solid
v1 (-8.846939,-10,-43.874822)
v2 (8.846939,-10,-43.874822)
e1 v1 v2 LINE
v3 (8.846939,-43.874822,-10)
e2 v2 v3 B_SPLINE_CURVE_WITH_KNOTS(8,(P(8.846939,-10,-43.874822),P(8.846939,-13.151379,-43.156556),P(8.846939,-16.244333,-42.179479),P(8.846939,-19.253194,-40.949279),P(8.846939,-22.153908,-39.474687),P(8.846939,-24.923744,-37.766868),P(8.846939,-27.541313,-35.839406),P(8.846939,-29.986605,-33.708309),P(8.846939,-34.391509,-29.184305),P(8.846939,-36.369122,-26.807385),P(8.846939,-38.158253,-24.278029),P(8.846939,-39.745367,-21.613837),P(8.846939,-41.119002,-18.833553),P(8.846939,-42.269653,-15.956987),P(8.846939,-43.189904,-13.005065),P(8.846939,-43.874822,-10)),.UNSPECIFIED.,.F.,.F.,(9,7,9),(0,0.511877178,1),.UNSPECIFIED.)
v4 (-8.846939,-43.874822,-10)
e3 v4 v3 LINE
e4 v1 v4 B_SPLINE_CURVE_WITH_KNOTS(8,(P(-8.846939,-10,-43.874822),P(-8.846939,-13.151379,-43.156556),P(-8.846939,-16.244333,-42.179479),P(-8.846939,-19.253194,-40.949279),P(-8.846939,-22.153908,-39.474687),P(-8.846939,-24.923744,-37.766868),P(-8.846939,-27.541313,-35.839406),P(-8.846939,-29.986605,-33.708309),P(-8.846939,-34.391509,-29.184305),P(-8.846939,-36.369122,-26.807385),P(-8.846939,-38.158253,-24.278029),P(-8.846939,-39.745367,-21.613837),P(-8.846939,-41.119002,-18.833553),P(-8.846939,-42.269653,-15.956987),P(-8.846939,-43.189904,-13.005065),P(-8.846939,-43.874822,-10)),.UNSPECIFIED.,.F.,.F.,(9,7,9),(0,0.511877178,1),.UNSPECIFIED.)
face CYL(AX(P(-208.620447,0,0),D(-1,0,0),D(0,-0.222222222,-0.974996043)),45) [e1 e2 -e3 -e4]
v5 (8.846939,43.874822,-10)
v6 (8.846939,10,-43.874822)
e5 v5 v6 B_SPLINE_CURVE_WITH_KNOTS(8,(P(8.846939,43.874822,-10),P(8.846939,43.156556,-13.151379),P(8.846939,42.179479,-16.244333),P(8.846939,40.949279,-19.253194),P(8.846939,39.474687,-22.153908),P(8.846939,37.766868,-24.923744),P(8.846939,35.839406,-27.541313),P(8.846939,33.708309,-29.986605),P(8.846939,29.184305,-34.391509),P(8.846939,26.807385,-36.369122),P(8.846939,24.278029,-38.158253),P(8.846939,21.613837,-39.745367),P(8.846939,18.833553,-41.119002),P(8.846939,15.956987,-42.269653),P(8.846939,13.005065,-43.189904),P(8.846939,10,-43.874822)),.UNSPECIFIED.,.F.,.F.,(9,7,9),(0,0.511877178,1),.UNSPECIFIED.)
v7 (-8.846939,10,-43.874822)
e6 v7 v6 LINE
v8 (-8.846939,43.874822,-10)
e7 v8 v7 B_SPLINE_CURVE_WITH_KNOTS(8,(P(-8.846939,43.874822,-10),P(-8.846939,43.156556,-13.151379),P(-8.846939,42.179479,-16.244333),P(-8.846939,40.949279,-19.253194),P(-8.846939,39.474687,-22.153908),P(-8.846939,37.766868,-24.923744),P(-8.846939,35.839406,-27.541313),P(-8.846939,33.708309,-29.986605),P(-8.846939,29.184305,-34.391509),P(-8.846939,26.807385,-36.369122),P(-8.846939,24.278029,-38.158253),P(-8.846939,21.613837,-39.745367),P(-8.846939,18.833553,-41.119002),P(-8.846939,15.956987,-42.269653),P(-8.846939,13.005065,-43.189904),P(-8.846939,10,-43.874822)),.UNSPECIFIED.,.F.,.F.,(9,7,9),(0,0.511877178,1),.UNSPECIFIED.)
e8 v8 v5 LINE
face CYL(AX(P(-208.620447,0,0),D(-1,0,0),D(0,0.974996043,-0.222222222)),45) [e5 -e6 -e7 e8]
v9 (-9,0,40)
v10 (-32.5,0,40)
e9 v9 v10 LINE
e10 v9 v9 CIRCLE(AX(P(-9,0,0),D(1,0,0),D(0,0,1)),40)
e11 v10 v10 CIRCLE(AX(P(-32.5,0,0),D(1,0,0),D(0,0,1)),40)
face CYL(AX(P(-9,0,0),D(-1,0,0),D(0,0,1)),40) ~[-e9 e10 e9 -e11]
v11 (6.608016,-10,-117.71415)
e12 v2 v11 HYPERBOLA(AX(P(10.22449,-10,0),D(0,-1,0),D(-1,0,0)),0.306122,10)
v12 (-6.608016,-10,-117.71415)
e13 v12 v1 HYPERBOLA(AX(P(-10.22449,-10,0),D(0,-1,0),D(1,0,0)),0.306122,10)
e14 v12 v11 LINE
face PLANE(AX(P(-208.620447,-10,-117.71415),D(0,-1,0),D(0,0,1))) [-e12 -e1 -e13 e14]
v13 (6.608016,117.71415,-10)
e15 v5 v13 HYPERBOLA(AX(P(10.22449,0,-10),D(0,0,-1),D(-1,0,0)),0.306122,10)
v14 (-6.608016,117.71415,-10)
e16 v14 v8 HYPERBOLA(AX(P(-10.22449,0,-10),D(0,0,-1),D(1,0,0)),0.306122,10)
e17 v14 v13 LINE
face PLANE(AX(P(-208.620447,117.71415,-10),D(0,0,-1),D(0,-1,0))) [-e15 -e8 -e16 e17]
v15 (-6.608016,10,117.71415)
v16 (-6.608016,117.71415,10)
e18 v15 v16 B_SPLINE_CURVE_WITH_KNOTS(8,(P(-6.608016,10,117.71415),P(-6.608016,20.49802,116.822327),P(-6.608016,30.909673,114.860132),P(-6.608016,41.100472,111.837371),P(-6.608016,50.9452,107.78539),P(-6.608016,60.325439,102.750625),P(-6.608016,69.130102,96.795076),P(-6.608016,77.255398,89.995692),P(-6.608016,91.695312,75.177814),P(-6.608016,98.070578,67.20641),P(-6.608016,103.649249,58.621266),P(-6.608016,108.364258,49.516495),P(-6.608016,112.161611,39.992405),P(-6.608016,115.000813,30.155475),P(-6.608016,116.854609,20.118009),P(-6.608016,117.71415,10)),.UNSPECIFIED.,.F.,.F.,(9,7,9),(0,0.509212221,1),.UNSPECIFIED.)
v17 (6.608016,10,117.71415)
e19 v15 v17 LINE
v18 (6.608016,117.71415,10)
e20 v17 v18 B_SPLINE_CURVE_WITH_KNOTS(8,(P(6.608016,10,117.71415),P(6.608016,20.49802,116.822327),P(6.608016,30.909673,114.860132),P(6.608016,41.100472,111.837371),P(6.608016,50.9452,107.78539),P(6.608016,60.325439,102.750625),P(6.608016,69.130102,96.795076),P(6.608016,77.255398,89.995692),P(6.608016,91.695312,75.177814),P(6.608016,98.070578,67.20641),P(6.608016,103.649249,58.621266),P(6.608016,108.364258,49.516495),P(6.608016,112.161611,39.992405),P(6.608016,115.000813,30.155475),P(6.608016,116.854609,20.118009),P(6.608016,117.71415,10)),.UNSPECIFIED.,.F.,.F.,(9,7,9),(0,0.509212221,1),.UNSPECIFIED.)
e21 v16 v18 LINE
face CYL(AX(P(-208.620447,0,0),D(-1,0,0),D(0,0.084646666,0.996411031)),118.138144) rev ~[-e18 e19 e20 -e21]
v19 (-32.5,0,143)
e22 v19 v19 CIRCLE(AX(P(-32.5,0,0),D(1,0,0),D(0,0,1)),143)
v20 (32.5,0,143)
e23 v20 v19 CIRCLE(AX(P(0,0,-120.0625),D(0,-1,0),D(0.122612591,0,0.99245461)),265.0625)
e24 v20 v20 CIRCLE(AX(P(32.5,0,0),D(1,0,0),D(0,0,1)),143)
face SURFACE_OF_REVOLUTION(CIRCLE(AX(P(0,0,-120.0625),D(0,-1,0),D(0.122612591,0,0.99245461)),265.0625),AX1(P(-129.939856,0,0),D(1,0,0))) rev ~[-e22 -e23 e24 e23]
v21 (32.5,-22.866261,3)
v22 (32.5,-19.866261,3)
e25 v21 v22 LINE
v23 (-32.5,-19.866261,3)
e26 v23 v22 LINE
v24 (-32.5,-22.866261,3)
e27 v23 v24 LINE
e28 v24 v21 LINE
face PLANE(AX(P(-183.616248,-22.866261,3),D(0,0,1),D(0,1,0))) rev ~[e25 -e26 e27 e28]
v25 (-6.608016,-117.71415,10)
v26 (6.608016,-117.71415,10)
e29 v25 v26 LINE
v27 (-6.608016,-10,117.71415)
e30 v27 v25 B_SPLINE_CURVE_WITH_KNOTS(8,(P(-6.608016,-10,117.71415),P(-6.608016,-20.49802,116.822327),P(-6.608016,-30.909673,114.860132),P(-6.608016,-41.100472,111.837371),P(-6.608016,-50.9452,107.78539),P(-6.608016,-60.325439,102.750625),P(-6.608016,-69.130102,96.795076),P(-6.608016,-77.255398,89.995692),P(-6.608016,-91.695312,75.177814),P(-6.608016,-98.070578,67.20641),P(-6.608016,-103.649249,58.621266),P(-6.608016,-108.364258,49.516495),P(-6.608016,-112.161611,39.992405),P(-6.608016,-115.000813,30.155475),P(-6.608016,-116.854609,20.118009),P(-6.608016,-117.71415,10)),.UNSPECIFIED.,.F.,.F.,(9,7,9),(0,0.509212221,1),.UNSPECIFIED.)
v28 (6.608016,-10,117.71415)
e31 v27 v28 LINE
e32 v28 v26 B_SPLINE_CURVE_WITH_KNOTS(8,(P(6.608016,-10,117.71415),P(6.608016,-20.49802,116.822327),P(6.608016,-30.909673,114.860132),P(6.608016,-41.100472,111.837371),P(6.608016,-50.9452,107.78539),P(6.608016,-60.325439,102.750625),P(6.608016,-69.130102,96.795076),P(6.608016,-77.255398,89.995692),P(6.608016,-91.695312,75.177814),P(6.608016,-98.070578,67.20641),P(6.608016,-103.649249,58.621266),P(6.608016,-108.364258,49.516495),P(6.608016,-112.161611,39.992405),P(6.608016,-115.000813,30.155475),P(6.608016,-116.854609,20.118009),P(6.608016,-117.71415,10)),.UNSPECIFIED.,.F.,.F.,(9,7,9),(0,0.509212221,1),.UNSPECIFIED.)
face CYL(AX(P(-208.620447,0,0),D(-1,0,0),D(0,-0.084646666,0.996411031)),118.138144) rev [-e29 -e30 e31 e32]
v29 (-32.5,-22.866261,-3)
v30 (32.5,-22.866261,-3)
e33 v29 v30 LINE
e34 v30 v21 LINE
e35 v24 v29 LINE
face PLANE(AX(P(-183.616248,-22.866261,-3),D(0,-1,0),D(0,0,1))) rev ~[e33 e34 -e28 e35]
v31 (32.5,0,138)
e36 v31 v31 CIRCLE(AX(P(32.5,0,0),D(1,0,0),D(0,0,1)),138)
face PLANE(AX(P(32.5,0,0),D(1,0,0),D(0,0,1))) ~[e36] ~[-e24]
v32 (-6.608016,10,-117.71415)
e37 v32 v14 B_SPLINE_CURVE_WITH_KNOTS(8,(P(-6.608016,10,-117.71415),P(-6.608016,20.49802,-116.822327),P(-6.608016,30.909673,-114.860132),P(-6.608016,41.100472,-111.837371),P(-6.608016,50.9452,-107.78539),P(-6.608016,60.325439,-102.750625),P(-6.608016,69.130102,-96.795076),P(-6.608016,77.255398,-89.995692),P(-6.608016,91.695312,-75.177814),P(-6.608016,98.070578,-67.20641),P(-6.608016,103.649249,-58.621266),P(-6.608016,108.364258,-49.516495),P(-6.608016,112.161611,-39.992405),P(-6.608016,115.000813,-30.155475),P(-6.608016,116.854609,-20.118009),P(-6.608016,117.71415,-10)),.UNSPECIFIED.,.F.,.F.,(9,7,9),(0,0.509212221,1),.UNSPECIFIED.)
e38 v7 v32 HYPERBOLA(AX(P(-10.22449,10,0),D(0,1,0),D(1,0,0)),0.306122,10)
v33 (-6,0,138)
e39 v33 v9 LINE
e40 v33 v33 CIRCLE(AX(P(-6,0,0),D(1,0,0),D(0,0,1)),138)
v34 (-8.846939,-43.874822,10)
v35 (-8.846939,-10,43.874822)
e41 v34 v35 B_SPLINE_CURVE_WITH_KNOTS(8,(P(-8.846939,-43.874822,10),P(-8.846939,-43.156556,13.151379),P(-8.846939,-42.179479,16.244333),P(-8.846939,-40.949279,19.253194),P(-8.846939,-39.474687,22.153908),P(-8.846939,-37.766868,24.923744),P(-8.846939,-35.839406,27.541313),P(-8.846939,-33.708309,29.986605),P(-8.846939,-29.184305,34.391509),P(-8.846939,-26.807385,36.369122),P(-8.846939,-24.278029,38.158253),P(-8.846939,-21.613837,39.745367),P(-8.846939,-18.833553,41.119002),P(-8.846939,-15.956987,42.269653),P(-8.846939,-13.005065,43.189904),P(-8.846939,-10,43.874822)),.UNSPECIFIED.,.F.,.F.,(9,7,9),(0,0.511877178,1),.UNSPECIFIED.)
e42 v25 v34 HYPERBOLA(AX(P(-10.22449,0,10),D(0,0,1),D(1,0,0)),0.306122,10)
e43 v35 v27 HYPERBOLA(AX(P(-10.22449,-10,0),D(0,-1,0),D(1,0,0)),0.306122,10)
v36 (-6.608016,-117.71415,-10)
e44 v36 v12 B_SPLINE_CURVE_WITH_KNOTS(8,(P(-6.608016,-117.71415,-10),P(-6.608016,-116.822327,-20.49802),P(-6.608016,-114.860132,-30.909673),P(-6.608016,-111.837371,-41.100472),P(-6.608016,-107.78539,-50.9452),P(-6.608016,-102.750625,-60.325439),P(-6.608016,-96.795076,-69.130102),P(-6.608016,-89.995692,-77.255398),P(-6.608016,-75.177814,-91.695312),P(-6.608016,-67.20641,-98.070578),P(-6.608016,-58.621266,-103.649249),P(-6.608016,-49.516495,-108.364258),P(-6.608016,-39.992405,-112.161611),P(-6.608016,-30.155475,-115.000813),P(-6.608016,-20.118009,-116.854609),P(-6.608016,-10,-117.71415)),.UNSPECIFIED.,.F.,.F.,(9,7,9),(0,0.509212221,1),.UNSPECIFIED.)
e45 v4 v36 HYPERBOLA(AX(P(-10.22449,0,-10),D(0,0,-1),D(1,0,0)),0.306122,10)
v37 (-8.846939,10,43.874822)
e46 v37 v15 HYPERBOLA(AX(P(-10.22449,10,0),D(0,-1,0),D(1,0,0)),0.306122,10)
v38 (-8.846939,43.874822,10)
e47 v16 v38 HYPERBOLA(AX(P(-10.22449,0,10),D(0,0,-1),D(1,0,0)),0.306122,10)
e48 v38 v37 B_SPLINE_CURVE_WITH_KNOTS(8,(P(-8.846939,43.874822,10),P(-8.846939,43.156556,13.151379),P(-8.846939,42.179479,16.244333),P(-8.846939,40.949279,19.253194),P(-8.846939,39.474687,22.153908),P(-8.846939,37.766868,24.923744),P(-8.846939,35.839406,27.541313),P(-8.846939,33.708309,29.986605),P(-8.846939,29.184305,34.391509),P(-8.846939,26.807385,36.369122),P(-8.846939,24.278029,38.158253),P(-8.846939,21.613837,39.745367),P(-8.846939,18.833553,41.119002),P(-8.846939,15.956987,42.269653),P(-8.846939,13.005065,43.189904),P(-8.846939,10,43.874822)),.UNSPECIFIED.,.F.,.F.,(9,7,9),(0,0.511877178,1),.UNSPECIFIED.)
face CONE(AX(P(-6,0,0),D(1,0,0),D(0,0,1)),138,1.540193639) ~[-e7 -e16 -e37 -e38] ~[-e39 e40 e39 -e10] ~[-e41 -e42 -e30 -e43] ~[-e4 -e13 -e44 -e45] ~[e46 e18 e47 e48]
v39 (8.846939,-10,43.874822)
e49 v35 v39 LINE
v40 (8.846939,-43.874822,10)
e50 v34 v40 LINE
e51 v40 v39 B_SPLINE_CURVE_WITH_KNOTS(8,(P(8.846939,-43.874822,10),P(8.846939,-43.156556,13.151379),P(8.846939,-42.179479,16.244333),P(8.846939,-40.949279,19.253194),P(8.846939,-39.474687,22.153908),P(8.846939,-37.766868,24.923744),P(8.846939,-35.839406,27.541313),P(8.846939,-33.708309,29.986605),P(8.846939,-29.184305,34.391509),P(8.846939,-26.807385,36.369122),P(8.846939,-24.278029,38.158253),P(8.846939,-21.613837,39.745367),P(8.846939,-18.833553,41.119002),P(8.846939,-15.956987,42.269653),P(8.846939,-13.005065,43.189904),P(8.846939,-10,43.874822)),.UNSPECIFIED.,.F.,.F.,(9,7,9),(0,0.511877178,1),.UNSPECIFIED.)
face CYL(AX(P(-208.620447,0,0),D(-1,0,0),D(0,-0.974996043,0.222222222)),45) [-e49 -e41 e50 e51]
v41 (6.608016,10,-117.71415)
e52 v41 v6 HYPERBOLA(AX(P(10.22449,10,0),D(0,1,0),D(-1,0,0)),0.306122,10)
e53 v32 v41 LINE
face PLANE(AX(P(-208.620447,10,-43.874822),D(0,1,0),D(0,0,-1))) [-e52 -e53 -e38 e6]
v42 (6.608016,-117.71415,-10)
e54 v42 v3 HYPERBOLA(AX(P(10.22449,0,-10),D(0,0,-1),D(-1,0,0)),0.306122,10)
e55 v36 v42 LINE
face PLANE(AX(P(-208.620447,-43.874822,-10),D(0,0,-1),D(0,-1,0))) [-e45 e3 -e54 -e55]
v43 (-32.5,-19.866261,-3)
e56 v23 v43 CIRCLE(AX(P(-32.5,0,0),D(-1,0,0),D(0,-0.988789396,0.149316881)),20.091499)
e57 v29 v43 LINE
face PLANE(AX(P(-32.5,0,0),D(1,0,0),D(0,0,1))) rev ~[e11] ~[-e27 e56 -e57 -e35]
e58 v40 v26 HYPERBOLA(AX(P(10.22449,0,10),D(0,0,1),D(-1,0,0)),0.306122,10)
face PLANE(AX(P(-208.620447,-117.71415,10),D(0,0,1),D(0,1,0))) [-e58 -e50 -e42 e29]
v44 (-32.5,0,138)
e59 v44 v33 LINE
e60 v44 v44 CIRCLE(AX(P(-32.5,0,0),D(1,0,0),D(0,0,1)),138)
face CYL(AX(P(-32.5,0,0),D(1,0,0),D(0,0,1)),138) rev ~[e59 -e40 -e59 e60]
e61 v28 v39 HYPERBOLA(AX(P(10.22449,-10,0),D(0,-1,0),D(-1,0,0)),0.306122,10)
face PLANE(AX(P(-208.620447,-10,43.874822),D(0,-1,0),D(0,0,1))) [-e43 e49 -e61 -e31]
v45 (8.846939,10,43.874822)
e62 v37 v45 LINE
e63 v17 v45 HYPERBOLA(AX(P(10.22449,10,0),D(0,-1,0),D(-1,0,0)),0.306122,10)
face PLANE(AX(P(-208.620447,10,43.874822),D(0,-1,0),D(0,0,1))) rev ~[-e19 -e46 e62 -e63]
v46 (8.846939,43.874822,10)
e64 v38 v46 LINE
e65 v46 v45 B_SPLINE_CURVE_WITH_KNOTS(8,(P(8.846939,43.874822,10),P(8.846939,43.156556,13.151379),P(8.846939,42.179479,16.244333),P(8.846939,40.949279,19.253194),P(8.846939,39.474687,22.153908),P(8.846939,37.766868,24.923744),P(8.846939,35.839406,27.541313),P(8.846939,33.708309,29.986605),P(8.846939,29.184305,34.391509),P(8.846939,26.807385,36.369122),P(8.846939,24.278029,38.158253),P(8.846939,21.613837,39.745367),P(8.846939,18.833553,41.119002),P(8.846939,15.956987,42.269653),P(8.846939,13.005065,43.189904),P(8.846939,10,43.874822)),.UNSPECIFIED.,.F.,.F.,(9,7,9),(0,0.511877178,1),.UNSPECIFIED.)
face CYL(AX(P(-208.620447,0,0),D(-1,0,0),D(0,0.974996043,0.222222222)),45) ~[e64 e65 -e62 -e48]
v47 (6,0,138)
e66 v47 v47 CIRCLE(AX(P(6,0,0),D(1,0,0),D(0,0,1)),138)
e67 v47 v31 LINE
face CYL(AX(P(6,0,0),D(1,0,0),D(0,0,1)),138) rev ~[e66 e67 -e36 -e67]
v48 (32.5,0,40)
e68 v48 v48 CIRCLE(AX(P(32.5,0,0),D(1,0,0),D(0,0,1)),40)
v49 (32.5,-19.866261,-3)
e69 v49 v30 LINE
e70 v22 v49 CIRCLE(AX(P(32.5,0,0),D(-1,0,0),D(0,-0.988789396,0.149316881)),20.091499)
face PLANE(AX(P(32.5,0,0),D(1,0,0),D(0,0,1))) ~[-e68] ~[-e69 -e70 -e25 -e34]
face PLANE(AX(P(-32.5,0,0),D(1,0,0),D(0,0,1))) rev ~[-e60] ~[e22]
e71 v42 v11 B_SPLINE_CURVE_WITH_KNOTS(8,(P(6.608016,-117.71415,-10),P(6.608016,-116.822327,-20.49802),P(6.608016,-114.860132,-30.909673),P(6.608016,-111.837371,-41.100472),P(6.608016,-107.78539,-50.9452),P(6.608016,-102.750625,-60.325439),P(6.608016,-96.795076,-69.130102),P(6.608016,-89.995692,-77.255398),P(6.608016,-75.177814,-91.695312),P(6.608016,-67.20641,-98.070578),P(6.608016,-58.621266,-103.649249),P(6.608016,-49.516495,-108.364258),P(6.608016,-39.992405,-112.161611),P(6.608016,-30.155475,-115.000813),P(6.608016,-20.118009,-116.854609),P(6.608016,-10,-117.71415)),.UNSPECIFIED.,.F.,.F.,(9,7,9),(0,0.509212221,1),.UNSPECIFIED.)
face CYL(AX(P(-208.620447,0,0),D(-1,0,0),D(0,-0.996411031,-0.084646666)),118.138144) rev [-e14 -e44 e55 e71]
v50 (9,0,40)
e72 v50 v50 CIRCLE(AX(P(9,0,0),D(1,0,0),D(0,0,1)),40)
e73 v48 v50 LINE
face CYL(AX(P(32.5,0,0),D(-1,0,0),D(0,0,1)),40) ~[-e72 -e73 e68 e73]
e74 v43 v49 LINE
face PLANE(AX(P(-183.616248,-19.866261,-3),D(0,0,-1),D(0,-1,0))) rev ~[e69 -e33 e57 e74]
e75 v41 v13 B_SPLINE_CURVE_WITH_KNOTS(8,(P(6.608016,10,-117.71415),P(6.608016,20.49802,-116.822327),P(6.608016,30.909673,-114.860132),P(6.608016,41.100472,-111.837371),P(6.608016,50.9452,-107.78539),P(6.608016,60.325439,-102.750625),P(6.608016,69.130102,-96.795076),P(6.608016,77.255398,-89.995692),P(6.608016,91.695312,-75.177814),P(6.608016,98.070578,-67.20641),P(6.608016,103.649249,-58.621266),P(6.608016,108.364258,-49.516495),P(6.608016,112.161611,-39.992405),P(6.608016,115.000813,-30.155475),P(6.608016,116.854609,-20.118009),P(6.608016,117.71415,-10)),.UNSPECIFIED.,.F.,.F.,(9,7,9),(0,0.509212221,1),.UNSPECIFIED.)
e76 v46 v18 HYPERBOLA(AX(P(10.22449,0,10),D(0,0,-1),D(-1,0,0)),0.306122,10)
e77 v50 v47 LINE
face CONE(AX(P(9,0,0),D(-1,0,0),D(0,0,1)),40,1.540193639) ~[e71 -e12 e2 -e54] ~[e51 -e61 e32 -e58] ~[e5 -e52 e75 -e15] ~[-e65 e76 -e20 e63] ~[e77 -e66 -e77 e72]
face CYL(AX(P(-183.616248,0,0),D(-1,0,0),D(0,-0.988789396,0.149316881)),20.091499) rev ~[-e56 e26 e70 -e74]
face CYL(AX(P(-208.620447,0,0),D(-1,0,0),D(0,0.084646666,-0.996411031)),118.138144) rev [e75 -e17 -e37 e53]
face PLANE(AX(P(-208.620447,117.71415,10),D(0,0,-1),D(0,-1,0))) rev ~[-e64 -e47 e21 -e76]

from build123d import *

# Parameters (mm, degrees)
CUT_EXTRUDE4_DEPTH      = 208.620447125
CUT_EXTRUDE4_DEPTH_BACK = 208.620447125
CUT_EXTRUDE5_DEPTH      = 216.116247808
CUT_EXTRUDE5_DEPTH_BACK = 216.116247808


with BuildPart() as part:
    # Sketch2 → Revolve2 (revolve)
    with BuildSketch(Plane.XY, mode=Mode.PRIVATE) as revolve2_sk:
        with BuildLine():
            Line((32.5, 20), (32.5, 40))
            Line((32.5, 40), (9, 40))
            Line((9, 40), (6, 138))
            Line((6, 138), (32.5, 138))
            Line((32.5, 138), (32.5, 143))
            ThreePointArc((32.5, 143), (0, 145), (-32.5, 143))
            Line((-32.5, 143), (-32.5, 138))
            Line((-32.5, 138), (-6, 138))
            Line((-6, 138), (-9, 40))
            Line((-9, 40), (-32.5, 40))
            Line((-32.5, 40), (-32.5, 20))
            Line((-32.5, 20), (32.5, 20))
        make_face()
    revolve(revolve2_sk.sketch.rotate(Axis((-129.939855751, 0, 0), (1, 0, 0)), 90), axis=Axis((-129.939855751, 0, 0), (1, 0, 0)))

    # Sketch3 → Cut-Extrude4 (cut, two sides: drawn at the far end of the back side and taken through both)
    with BuildSketch(Plane(origin=(0, 0, 0), x_dir=(0, 0, -1), z_dir=(1, 0, 0)).offset(-CUT_EXTRUDE4_DEPTH_BACK)):
        with BuildLine():
            Line((10, 117.714149843), (10, 43.874821937))
            ThreePointArc((10, 43.874821937), (31.819805153, 31.819805153), (43.874821937, 10))
            Line((43.874821937, 10), (117.714149843, 10))
            ThreePointArc((117.714149843, 10), (83.536282755, 83.536282755), (10, 117.714149843))
        make_face()
        with BuildLine():
            Line((-10, 117.714149843), (-10, 43.874821937))
            ThreePointArc((-10, 43.874821937), (-31.819805153, 31.819805153), (-43.874821937, 10))
            Line((-43.874821937, 10), (-117.714149843, 10))
            ThreePointArc((-117.714149843, 10), (-83.536282755, 83.536282755), (-10, 117.714149843))
        make_face()
        with BuildLine():
            Line((117.714149843, -10), (43.874821937, -10))
            ThreePointArc((43.874821937, -10), (31.819805153, -31.819805153), (10, -43.874821937))
            Line((10, -43.874821937), (10, -117.714149843))
            ThreePointArc((10, -117.714149843), (83.536282755, -83.536282755), (117.714149843, -10))
        make_face()
        with BuildLine():
            Line((-10, -117.714149843), (-10, -43.874821937))
            ThreePointArc((-10, -43.874821937), (-31.819805153, -31.819805153), (-43.874821937, -10))
            Line((-43.874821937, -10), (-117.714149843, -10))
            ThreePointArc((-117.714149843, -10), (-83.536282755, -83.536282755), (-10, -117.714149843))
        make_face()
    extrude(amount=CUT_EXTRUDE4_DEPTH + CUT_EXTRUDE4_DEPTH_BACK, mode=Mode.SUBTRACT)

    # Sketch4 → Cut-Extrude5 (cut, two sides: drawn at the far end of the back side and taken through both)
    with BuildSketch(Plane(origin=(32.5, 0, 0), x_dir=(0, 0, -1), z_dir=(1, 0, 0)).offset(-CUT_EXTRUDE5_DEPTH_BACK)):
        with BuildLine():
            Line((3, -19.866261329), (3, -22.866261329))
            Line((3, -22.866261329), (-3, -22.866261329))
            Line((-3, -22.866261329), (-3, -19.866261329))
            ThreePointArc((-3, -19.866261329), (0, 20.091499177), (3, -19.866261329))
        make_face()
    extrude(amount=CUT_EXTRUDE5_DEPTH + CUT_EXTRUDE5_DEPTH_BACK, mode=Mode.SUBTRACT)


solid = part.part
